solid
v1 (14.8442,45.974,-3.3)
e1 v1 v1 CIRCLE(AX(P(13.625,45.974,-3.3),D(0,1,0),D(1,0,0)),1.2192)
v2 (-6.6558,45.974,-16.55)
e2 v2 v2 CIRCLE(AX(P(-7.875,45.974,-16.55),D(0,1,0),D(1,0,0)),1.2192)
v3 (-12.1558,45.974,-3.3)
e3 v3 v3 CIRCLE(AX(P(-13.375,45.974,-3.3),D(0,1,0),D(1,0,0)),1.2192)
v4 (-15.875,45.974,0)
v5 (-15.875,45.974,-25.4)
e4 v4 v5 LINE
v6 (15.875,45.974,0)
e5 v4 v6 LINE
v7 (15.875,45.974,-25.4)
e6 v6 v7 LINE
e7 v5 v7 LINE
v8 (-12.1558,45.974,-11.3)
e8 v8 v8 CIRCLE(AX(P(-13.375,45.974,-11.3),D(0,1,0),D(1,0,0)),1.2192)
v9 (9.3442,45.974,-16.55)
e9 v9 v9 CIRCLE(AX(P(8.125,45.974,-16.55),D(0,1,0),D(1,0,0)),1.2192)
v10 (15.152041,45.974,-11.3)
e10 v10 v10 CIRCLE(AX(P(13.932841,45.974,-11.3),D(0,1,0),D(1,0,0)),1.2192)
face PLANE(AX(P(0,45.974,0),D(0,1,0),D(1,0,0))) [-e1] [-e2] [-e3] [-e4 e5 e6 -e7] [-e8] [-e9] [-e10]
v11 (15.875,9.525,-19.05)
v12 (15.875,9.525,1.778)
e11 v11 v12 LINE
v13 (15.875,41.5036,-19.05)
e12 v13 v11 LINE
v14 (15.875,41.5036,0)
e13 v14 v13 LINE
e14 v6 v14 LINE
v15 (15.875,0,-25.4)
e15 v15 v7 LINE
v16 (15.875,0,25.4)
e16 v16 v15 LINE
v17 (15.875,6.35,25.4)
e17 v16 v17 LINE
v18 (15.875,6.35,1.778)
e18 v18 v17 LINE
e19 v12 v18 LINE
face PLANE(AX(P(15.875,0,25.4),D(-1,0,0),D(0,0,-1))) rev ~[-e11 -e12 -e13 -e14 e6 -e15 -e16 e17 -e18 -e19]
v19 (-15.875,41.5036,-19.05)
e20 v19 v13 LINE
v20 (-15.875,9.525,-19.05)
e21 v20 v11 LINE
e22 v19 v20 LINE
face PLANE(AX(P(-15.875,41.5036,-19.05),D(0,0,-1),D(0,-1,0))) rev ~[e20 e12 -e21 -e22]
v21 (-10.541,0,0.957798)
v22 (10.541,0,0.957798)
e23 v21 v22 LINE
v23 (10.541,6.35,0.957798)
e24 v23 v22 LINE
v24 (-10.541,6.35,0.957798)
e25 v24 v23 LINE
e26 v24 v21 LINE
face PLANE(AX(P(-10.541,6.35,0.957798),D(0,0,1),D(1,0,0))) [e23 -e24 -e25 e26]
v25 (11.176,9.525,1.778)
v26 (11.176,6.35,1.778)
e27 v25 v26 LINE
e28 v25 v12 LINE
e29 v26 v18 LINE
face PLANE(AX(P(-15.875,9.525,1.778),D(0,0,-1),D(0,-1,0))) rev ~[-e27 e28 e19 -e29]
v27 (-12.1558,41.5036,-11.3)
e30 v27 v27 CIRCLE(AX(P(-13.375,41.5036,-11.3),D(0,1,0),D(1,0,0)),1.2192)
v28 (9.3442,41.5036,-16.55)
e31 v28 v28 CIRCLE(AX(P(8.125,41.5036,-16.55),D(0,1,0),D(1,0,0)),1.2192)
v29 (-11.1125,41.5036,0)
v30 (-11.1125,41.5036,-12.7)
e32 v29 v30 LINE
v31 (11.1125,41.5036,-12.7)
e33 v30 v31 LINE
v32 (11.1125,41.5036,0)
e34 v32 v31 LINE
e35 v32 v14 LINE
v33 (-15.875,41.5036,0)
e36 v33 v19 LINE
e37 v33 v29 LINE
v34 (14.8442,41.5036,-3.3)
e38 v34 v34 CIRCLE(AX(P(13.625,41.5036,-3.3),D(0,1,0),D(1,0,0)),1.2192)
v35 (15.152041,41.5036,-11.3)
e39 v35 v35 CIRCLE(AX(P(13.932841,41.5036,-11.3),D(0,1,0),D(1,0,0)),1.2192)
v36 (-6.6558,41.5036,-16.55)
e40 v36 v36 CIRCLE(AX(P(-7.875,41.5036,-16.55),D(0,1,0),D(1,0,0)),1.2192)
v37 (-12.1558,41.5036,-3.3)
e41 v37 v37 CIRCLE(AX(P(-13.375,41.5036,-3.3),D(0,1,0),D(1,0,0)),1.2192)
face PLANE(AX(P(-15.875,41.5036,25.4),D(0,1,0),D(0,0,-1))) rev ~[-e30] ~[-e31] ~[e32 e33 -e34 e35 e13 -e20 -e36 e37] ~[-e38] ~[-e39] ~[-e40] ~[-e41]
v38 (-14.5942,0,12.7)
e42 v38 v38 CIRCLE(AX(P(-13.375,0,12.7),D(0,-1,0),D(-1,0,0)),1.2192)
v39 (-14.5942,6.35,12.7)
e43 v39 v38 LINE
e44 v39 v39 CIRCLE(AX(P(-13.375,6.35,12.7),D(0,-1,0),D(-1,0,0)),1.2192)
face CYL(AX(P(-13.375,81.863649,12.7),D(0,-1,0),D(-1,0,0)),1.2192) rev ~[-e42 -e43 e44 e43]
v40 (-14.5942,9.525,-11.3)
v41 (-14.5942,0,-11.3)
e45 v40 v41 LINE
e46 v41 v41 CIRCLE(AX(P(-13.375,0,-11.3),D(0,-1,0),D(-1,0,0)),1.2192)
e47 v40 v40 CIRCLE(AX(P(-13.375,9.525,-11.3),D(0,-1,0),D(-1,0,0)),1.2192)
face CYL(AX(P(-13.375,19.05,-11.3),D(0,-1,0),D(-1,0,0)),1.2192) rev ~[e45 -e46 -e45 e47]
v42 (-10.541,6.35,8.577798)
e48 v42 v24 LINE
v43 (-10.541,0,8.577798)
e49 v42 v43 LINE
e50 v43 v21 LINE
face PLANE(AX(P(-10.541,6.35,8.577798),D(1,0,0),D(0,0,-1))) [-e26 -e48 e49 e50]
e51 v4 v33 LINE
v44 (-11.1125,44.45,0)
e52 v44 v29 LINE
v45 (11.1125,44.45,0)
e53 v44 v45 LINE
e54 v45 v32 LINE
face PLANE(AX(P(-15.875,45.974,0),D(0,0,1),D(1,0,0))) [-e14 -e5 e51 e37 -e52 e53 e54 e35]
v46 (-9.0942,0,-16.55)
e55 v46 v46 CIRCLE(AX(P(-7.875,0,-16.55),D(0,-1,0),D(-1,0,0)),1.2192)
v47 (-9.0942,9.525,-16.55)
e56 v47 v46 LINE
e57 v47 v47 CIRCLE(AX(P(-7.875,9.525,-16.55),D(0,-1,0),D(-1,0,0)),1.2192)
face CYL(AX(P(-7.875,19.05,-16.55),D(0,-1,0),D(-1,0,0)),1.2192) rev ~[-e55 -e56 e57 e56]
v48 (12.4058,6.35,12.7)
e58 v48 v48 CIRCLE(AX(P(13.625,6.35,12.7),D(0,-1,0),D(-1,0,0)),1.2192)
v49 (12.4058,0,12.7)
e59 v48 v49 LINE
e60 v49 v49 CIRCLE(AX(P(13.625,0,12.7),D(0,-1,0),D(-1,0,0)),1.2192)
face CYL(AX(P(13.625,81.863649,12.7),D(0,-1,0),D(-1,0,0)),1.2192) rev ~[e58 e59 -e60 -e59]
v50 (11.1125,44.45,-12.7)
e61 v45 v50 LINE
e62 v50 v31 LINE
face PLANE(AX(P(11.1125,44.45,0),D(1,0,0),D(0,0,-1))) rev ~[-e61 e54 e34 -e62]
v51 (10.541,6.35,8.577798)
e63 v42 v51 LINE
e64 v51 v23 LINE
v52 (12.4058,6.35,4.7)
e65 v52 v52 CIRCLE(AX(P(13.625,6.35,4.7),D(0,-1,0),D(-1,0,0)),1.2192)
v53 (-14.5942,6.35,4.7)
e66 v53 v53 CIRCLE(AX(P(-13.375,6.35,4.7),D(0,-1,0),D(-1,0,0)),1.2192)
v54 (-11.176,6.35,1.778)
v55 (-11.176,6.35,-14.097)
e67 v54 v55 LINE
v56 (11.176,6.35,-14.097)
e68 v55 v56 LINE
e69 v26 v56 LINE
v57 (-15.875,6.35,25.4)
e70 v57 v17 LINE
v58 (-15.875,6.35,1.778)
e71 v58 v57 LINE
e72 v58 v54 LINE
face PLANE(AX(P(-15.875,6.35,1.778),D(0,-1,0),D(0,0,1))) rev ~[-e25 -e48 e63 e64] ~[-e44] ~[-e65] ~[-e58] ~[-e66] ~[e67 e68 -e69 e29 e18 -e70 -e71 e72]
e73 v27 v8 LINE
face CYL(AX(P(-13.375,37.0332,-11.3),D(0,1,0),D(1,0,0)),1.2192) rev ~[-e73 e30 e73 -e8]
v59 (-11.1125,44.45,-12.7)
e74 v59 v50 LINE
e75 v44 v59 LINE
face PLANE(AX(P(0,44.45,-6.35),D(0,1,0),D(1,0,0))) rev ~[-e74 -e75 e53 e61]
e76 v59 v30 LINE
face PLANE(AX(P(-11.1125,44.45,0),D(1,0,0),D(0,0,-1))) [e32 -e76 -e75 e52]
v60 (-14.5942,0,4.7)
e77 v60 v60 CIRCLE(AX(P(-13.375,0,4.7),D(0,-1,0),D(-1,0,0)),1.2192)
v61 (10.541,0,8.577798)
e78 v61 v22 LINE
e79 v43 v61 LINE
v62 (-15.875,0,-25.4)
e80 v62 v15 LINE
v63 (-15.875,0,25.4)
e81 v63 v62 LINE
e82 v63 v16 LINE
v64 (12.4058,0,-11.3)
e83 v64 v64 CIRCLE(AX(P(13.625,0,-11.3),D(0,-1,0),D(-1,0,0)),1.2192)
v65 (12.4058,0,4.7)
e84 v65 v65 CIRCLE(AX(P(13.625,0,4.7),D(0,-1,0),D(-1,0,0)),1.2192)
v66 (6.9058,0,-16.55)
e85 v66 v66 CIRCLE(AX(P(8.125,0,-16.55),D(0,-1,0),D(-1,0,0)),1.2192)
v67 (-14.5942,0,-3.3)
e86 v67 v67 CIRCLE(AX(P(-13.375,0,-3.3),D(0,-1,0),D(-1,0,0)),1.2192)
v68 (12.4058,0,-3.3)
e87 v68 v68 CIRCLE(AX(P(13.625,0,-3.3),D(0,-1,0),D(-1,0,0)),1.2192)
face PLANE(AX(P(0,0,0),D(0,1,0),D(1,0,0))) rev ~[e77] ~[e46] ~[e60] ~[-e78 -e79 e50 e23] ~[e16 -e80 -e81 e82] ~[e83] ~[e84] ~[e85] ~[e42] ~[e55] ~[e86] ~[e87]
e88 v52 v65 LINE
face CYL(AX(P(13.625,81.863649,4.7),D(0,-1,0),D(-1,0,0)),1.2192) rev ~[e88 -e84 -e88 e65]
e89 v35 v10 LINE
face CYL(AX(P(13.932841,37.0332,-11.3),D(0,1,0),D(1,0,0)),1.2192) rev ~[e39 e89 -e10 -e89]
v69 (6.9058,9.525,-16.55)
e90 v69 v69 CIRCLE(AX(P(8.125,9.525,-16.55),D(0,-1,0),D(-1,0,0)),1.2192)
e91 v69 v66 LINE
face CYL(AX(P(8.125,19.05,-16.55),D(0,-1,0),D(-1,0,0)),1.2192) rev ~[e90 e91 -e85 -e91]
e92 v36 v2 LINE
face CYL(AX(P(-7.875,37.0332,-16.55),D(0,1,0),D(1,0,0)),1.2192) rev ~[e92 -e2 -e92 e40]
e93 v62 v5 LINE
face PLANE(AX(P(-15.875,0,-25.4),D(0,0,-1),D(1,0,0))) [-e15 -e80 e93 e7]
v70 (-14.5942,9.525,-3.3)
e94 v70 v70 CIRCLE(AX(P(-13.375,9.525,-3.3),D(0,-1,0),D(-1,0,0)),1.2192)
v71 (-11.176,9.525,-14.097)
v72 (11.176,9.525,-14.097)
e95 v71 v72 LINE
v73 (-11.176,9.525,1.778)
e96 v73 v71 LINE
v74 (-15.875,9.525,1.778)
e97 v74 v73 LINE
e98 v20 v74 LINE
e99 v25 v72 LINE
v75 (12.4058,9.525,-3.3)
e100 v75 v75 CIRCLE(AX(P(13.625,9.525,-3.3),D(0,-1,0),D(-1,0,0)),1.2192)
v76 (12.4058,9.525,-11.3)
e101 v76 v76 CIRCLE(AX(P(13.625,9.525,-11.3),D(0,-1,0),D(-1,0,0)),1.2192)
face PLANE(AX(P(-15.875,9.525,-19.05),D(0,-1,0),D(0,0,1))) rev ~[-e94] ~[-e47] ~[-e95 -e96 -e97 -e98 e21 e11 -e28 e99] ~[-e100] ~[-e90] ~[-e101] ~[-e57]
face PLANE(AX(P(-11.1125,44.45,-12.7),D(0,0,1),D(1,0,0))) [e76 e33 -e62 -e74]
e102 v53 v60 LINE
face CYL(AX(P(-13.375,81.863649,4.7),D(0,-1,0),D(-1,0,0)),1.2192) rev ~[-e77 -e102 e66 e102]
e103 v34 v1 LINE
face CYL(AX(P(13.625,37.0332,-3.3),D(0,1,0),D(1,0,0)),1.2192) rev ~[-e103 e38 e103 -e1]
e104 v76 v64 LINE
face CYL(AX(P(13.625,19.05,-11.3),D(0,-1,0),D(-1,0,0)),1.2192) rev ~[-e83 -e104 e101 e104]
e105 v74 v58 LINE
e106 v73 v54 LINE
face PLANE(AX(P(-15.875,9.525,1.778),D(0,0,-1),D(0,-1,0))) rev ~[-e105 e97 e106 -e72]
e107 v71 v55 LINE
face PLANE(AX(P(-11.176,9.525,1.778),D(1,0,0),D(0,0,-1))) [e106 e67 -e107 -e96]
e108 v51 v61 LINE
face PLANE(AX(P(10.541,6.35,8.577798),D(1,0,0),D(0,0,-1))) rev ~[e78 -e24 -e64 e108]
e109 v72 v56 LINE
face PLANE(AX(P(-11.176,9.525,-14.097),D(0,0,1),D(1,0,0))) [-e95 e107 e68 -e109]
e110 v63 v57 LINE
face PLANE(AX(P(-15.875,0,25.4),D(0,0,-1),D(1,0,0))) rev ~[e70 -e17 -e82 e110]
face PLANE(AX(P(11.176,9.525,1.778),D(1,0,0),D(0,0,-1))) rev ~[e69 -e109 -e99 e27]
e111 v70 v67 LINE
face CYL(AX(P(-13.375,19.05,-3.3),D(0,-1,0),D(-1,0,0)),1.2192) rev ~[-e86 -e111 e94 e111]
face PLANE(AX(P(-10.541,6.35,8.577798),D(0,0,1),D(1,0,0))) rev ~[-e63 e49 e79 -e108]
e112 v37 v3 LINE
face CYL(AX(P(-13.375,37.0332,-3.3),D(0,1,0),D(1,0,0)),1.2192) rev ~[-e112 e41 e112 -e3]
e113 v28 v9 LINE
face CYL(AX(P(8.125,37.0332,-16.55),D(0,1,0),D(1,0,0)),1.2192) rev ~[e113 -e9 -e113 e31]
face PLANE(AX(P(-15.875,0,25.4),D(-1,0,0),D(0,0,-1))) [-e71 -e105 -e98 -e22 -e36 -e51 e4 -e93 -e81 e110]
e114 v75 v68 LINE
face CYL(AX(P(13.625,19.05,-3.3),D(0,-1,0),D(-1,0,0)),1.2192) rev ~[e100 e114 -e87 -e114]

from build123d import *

# Parameters (mm, degrees)
SKETCH1_W                 = 31.75
SKETCH1_H                 = 50.8
BOSS_EXTRUDE1_DEPTH       = 45.974
CUT_EXTRUDE1_DEPTH        = 32.75
SKETCH3_W                 = 22.352
SKETCH3_H                 = 15.875
CUT_EXTRUDE2_DEPTH        = 3.175
SKETCH4_W                 = 31.75
SKETCH4_H                 = 25.4
CUT_EXTRUDE3_DEPTH        = 4.4704
CUT_EXTRUDE4_START        = -1.524
SKETCH5_W                 = 22.225
SKETCH5_H                 = 12.7
CUT_EXTRUDE4_DEPTH        = 2.9464
F_2_CLEARANCE_HOLE1_D     = 2.4384
F_2_CLEARANCE_HOLE1_DEPTH = 9.525
F_2_CLEARANCE_HOLE2_D     = 2.4384
F_2_CLEARANCE_HOLE2_DEPTH = 4.4704
SKETCH10_W                = 21.082
SKETCH10_H                = 7.62
CUT_EXTRUDE5_DEPTH        = 6.35
F_2_CLEARANCE_HOLE3_D     = 2.4384


with BuildPart() as part:
    # Sketch1 → Boss-Extrude1 (new body)
    with BuildSketch(Plane(origin=(0, 0, 0), x_dir=(1, 0, 0), z_dir=(0, 1, 0))):
        Rectangle(SKETCH1_W, SKETCH1_H)
    extrude(amount=BOSS_EXTRUDE1_DEPTH)

    # Sketch2 → Cut-Extrude1 (cut, through all)
    with BuildSketch(Plane.ZY.offset(15.875)):
        Polygon((1.778, 6.35), (25.4, 6.35), (25.4, 41.5036), (-19.05, 41.5036), (-19.05, 9.525), (1.778, 9.525), align=None)
    extrude(amount=-CUT_EXTRUDE1_DEPTH, mode=Mode.SUBTRACT)

    # Sketch3 → Cut-Extrude2 (cut)
    with BuildSketch(Plane(origin=(0, 9.525, 0), x_dir=(1, 0, 0), z_dir=(0, 1, 0))):
        with Locations((0, 6.1595)):
            Rectangle(SKETCH3_W, SKETCH3_H)
    extrude(amount=-CUT_EXTRUDE2_DEPTH, mode=Mode.SUBTRACT)

    # Sketch4 → Cut-Extrude3 (cut)
    with BuildSketch(Plane(origin=(0, 45.974, 0), x_dir=(1, 0, 0), z_dir=(0, 1, 0))):
        with Locations((0, -12.7)):
            Rectangle(SKETCH4_W, SKETCH4_H)
    extrude(amount=-CUT_EXTRUDE3_DEPTH, mode=Mode.SUBTRACT)

    # Sketch5 → Cut-Extrude4 (cut)
    with BuildSketch(Plane(origin=(0, 45.974, 0), x_dir=(1, 0, 0), z_dir=(0, 1, 0)).offset(CUT_EXTRUDE4_START)):
        with Locations((0, 6.35)):
            Rectangle(SKETCH5_W, SKETCH5_H)
    extrude(amount=-CUT_EXTRUDE4_DEPTH, mode=Mode.SUBTRACT)

    # #2 Clearance Hole1
    with Locations(Plane(origin=(0, 9.525, 0), x_dir=(1, 0, 0), z_dir=(0, 1, 0))):
        with Locations((-13.375, 11.3), (-13.375, 3.3), (-7.875, 16.55), (8.125, 16.55), (13.625, 3.3), (13.625, 11.3)):
            Hole(F_2_CLEARANCE_HOLE1_D / 2, depth=F_2_CLEARANCE_HOLE1_DEPTH)

    # #2 Clearance Hole2
    with Locations(Plane(origin=(0, 41.5036, 0), x_dir=(-1, 0, 0), z_dir=(0, -1, 0))):
        with Locations((13.375, 11.3), (7.875, 16.55), (-8.125, 16.55), (-13.932840587, 11.3), (-13.625, 3.3), (13.375, 3.3)):
            Hole(F_2_CLEARANCE_HOLE2_D / 2, depth=F_2_CLEARANCE_HOLE2_DEPTH)

    # Sketch10 → Cut-Extrude5 (cut)
    with BuildSketch(Plane(origin=(0, 6.35, 0), x_dir=(1, 0, 0), z_dir=(0, 1, 0))):
        with Locations((0, -4.767798325)):
            Rectangle(SKETCH10_W, SKETCH10_H)
    extrude(amount=-CUT_EXTRUDE5_DEPTH, mode=Mode.SUBTRACT)

    # #2 Clearance Hole3 (through all)
    with Locations(Plane(origin=(0, 6.35, 0), x_dir=(1, 0, 0), z_dir=(0, 1, 0))):
        with Locations((-13.375, -4.7), (-13.375, -12.7), (13.625, -12.7), (13.625, -4.7)):
            Hole(F_2_CLEARANCE_HOLE3_D / 2)


solid = part.part
